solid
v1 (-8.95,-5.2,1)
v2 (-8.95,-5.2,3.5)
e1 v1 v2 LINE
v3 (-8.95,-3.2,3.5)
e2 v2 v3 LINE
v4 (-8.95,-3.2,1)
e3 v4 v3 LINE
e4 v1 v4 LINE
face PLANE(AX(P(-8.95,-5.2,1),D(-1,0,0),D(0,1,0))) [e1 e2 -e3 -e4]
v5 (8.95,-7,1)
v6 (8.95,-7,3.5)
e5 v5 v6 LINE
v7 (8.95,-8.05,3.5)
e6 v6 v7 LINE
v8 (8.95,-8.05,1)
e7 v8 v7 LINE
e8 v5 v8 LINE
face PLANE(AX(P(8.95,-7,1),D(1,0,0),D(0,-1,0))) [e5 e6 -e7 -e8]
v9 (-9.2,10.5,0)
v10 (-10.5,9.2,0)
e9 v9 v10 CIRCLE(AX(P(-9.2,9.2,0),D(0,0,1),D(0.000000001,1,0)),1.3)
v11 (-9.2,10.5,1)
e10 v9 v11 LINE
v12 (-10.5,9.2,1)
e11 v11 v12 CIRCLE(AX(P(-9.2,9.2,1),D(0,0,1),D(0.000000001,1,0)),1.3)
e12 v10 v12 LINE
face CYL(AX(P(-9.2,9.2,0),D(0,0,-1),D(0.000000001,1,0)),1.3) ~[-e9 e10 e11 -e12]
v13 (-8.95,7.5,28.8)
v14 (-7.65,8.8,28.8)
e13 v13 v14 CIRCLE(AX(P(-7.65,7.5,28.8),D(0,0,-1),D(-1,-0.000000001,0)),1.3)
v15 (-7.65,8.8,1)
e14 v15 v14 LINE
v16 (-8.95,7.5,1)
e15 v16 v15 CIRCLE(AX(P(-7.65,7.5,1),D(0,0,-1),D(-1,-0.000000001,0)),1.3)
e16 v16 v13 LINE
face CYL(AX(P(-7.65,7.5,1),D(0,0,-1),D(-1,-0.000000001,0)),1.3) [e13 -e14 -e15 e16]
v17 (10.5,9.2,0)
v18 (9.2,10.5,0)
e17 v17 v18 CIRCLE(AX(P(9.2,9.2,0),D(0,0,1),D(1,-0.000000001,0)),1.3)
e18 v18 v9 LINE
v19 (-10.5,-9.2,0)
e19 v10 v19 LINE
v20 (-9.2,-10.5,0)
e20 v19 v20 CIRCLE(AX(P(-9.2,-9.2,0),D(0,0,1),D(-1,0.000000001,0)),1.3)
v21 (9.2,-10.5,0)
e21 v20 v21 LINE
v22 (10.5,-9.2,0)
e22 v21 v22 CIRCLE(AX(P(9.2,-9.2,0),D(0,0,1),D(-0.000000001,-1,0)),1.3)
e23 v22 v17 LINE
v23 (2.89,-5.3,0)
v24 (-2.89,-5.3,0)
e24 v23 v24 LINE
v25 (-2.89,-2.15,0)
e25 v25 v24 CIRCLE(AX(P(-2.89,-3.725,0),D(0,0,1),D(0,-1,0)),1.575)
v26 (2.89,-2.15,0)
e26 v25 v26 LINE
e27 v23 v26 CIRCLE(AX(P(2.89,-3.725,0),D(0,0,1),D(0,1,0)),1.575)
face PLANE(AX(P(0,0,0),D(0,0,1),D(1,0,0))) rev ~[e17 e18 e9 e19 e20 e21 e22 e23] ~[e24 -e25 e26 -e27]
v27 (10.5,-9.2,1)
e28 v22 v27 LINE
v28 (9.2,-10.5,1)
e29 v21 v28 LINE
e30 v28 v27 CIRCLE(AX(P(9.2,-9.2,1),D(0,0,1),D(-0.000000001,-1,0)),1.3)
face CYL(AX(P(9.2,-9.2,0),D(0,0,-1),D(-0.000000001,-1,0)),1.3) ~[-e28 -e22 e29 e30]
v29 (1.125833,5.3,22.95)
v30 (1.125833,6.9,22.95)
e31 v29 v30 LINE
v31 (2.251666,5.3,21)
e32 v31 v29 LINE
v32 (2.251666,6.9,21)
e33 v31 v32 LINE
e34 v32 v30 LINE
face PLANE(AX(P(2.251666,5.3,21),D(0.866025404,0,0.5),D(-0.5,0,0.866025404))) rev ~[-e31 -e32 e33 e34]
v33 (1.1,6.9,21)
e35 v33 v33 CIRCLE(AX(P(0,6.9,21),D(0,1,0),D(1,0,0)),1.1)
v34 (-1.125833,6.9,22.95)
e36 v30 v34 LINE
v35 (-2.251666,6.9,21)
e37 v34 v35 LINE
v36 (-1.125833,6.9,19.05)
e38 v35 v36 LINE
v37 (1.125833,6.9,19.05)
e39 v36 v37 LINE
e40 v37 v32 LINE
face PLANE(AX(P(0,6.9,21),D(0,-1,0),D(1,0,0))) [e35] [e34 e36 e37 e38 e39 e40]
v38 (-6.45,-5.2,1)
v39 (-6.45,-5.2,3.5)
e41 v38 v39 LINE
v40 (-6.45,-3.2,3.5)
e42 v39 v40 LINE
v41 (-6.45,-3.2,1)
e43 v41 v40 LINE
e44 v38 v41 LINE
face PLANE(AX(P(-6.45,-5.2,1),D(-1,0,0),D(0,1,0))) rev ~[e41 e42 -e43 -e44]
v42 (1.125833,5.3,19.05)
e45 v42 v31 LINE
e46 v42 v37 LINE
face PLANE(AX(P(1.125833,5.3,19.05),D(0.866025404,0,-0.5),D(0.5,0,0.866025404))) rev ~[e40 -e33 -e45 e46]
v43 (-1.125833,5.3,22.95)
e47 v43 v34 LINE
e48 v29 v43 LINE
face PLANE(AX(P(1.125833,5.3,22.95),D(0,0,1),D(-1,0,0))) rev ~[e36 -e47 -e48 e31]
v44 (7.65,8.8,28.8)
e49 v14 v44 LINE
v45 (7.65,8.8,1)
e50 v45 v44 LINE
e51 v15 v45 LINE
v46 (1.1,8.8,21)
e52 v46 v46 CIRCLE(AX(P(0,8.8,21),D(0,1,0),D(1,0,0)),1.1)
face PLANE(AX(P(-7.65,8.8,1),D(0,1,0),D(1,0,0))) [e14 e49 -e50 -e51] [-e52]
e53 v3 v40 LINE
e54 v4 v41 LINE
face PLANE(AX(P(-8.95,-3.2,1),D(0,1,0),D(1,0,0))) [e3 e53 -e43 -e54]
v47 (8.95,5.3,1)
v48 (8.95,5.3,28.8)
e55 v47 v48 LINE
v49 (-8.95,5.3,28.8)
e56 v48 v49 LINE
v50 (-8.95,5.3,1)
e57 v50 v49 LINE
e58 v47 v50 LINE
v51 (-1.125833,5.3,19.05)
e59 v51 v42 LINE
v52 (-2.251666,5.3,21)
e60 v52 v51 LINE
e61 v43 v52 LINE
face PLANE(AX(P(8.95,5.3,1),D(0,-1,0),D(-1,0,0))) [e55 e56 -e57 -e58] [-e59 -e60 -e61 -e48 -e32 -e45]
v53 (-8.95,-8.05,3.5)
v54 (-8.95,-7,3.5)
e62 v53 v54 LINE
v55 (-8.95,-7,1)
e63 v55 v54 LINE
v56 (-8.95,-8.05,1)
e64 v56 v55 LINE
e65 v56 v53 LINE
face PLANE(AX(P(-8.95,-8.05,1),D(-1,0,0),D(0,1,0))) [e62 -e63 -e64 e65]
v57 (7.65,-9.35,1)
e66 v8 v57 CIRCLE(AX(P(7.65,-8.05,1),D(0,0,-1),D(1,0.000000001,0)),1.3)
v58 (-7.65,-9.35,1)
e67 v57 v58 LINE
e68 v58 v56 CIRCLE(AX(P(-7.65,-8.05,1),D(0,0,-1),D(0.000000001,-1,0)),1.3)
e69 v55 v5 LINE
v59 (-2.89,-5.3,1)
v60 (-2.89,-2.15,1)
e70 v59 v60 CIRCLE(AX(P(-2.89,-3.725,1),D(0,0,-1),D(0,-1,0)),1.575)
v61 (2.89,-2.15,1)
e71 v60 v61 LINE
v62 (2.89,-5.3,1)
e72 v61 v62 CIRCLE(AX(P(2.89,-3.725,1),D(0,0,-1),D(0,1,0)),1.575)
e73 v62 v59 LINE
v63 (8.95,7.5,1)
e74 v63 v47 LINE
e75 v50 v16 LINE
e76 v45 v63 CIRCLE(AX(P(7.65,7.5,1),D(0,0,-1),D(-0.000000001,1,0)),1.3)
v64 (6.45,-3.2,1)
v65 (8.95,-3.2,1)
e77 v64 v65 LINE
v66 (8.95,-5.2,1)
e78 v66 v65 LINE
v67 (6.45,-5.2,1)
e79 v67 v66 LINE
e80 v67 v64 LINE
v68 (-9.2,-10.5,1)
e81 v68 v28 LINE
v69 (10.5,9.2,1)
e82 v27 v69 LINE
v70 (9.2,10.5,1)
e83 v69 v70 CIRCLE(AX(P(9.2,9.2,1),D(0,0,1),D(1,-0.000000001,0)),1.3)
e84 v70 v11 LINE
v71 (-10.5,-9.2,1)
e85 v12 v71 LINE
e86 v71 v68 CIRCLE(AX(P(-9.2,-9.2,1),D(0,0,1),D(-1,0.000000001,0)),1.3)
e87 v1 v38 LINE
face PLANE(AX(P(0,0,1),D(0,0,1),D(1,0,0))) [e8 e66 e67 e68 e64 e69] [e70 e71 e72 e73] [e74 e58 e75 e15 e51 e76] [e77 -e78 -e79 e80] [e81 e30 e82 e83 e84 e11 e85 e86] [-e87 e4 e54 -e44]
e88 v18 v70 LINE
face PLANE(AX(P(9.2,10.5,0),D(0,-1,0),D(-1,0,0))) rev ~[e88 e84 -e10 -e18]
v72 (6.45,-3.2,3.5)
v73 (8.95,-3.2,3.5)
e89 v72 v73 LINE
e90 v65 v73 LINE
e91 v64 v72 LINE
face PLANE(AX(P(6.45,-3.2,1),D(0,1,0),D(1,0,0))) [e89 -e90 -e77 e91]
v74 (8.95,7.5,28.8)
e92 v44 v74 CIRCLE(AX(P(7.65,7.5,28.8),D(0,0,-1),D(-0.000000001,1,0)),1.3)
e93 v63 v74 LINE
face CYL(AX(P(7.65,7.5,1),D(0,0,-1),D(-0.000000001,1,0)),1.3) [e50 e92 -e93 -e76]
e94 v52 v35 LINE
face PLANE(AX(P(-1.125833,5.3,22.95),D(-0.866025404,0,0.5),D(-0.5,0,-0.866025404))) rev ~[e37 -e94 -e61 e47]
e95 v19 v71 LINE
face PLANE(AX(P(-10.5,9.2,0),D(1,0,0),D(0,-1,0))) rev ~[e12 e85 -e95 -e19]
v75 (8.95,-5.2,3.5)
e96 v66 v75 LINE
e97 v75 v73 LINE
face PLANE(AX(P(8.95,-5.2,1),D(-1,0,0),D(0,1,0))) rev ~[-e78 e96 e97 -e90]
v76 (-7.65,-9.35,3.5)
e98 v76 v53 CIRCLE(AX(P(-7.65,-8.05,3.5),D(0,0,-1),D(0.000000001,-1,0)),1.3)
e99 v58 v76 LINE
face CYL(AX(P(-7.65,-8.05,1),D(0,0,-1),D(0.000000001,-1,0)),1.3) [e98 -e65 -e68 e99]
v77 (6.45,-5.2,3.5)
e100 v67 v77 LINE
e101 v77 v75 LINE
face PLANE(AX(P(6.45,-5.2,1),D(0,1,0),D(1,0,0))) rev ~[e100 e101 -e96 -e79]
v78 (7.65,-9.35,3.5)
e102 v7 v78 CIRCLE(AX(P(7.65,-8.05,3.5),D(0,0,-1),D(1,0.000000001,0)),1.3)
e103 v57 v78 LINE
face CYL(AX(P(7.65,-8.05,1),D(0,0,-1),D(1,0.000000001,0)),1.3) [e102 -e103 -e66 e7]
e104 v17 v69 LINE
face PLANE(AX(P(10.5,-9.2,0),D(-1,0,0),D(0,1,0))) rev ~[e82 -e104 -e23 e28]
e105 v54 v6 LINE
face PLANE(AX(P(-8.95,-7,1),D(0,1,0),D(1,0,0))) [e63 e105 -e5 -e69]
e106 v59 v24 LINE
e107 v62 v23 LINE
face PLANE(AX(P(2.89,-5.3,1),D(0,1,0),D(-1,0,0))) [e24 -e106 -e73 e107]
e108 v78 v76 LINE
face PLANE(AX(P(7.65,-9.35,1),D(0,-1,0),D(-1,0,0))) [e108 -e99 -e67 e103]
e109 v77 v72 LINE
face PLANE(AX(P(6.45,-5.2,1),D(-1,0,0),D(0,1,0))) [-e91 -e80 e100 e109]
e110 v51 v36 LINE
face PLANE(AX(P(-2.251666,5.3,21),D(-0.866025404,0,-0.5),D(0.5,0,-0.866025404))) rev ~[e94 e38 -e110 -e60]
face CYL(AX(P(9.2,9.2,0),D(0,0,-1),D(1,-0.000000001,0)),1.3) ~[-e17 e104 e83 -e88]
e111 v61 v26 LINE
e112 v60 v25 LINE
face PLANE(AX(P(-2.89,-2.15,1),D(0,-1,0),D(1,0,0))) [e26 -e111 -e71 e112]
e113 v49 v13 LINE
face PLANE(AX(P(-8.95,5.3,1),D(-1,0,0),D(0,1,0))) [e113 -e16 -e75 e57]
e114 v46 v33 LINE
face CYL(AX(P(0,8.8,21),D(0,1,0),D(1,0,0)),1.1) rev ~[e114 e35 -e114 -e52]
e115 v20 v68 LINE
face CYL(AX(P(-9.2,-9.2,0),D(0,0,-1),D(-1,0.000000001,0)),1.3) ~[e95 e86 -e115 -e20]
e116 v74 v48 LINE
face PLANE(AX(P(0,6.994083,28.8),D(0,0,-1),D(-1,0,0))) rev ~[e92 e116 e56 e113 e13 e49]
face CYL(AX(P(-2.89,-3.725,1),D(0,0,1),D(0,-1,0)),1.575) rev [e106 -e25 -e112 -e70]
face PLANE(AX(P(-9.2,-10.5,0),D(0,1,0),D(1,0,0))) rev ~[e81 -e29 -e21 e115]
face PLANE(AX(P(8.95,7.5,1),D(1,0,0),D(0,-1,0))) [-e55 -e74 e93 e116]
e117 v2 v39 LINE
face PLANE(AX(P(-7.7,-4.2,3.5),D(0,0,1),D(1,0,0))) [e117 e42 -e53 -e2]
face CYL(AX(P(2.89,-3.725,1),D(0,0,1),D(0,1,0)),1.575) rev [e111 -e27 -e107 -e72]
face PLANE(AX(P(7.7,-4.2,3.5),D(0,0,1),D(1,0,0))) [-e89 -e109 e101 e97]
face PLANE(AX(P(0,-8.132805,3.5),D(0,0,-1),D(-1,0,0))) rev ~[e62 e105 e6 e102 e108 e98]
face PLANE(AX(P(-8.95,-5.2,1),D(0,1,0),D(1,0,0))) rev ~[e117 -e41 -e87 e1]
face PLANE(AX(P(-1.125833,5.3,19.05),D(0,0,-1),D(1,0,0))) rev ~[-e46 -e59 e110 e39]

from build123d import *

# Parameters (mm, degrees)
EXTRUDE_1_DEPTH     = 1
SKETCH_3_W          = 2.5
SKETCH_3_H          = 2
EXTRUDE_2_DEPTH     = 2.5
CUT_EXTRUDE_1_DEPTH = 2
EXTRUDE_3_DEPTH     = 27.8
SKETCH_5_R          = 1.1
CUT_EXTRUDE_2_DEPTH = 20.3
CUT_EXTRUDE_3_DEPTH = 1.6


with BuildPart() as part:
    # 草图1 → 凸台-拉伸1 (new body)
    with BuildSketch(Plane.XY):
        with BuildLine():
            Line((-9.2, -10.5), (9.2, -10.5))
            ThreePointArc((9.2, -10.5), (10.119238816, -10.119238816), (10.5, -9.2))
            Line((10.5, -9.2), (10.5, 9.2))
            ThreePointArc((10.5, 9.2), (10.119238816, 10.119238816), (9.2, 10.5))
            Line((9.2, 10.5), (-9.2, 10.5))
            ThreePointArc((-9.2, 10.5), (-10.119238816, 10.119238816), (-10.5, 9.2))
            Line((-10.5, 9.2), (-10.5, -9.2))
            ThreePointArc((-10.5, -9.2), (-10.119238816, -10.119238816), (-9.2, -10.5))
        make_face()
    extrude(amount=EXTRUDE_1_DEPTH)

    # 草图3 → 凸台-拉伸2 (add)
    with BuildSketch(Plane.XY.offset(1)):
        with Locations((7.7, -4.2)):
            Rectangle(SKETCH_3_W, SKETCH_3_H)
        with Locations((-7.7, -4.2)):
            Rectangle(SKETCH_3_W, SKETCH_3_H)
        with BuildLine():
            Line((-8.95, -7), (8.95, -7))
            Line((8.95, -7), (8.95, -8.05))
            ThreePointArc((8.95, -8.05), (8.569238816, -8.969238816), (7.65, -9.35))
            Line((7.65, -9.35), (-7.65, -9.35))
            ThreePointArc((-7.65, -9.35), (-8.569238816, -8.969238816), (-8.95, -8.05))
            Line((-8.95, -8.05), (-8.95, -7))
        make_face()
    extrude(amount=EXTRUDE_2_DEPTH)

    # 草图2 → 切除-拉伸1 (cut, through all)
    with BuildSketch(Plane.XY.offset(1)):
        with BuildLine():
            Line((-2.89, -2.15), (2.89, -2.15))
            ThreePointArc((2.89, -2.15), (4.465, -3.725), (2.89, -5.3))
            Line((2.89, -5.3), (-2.89, -5.3))
            ThreePointArc((-2.89, -5.3), (-4.465, -3.725), (-2.89, -2.15))
        make_face()
    extrude(amount=-CUT_EXTRUDE_1_DEPTH, mode=Mode.SUBTRACT)

    # 草图4 → 凸台-拉伸3 (add)
    with BuildSketch(Plane.XY.offset(1)):
        with BuildLine():
            Line((-7.65, 8.8), (7.65, 8.8))
            ThreePointArc((7.65, 8.8), (8.569238816, 8.419238816), (8.95, 7.5))
            Line((8.95, 7.5), (8.95, 5.3))
            Line((8.95, 5.3), (-8.95, 5.3))
            Line((-8.95, 5.3), (-8.95, 7.5))
            ThreePointArc((-8.95, 7.5), (-8.569238816, 8.419238816), (-7.65, 8.8))
        make_face()
    extrude(amount=EXTRUDE_3_DEPTH)

    # 草图5 → 切除-拉伸2 (cut, through all)
    with BuildSketch(Plane(origin=(0, 8.8, 0), x_dir=(1, 0, 0), z_dir=(0, 1, 0))):
        with Locations((0, -21)):
            Circle(SKETCH_5_R)
    extrude(amount=-CUT_EXTRUDE_2_DEPTH, mode=Mode.SUBTRACT)

    # 草图6 → 切除-拉伸3 (cut)
    with BuildSketch(Plane.XZ.offset(-5.3)):
        Polygon((1.125833025, 22.95), (-1.125833025, 22.95), (-2.25166605, 21), (-1.125833025, 19.05), (1.125833025, 19.05), (2.25166605, 21), align=None)
    extrude(amount=-CUT_EXTRUDE_3_DEPTH, mode=Mode.SUBTRACT)


solid = part.part
